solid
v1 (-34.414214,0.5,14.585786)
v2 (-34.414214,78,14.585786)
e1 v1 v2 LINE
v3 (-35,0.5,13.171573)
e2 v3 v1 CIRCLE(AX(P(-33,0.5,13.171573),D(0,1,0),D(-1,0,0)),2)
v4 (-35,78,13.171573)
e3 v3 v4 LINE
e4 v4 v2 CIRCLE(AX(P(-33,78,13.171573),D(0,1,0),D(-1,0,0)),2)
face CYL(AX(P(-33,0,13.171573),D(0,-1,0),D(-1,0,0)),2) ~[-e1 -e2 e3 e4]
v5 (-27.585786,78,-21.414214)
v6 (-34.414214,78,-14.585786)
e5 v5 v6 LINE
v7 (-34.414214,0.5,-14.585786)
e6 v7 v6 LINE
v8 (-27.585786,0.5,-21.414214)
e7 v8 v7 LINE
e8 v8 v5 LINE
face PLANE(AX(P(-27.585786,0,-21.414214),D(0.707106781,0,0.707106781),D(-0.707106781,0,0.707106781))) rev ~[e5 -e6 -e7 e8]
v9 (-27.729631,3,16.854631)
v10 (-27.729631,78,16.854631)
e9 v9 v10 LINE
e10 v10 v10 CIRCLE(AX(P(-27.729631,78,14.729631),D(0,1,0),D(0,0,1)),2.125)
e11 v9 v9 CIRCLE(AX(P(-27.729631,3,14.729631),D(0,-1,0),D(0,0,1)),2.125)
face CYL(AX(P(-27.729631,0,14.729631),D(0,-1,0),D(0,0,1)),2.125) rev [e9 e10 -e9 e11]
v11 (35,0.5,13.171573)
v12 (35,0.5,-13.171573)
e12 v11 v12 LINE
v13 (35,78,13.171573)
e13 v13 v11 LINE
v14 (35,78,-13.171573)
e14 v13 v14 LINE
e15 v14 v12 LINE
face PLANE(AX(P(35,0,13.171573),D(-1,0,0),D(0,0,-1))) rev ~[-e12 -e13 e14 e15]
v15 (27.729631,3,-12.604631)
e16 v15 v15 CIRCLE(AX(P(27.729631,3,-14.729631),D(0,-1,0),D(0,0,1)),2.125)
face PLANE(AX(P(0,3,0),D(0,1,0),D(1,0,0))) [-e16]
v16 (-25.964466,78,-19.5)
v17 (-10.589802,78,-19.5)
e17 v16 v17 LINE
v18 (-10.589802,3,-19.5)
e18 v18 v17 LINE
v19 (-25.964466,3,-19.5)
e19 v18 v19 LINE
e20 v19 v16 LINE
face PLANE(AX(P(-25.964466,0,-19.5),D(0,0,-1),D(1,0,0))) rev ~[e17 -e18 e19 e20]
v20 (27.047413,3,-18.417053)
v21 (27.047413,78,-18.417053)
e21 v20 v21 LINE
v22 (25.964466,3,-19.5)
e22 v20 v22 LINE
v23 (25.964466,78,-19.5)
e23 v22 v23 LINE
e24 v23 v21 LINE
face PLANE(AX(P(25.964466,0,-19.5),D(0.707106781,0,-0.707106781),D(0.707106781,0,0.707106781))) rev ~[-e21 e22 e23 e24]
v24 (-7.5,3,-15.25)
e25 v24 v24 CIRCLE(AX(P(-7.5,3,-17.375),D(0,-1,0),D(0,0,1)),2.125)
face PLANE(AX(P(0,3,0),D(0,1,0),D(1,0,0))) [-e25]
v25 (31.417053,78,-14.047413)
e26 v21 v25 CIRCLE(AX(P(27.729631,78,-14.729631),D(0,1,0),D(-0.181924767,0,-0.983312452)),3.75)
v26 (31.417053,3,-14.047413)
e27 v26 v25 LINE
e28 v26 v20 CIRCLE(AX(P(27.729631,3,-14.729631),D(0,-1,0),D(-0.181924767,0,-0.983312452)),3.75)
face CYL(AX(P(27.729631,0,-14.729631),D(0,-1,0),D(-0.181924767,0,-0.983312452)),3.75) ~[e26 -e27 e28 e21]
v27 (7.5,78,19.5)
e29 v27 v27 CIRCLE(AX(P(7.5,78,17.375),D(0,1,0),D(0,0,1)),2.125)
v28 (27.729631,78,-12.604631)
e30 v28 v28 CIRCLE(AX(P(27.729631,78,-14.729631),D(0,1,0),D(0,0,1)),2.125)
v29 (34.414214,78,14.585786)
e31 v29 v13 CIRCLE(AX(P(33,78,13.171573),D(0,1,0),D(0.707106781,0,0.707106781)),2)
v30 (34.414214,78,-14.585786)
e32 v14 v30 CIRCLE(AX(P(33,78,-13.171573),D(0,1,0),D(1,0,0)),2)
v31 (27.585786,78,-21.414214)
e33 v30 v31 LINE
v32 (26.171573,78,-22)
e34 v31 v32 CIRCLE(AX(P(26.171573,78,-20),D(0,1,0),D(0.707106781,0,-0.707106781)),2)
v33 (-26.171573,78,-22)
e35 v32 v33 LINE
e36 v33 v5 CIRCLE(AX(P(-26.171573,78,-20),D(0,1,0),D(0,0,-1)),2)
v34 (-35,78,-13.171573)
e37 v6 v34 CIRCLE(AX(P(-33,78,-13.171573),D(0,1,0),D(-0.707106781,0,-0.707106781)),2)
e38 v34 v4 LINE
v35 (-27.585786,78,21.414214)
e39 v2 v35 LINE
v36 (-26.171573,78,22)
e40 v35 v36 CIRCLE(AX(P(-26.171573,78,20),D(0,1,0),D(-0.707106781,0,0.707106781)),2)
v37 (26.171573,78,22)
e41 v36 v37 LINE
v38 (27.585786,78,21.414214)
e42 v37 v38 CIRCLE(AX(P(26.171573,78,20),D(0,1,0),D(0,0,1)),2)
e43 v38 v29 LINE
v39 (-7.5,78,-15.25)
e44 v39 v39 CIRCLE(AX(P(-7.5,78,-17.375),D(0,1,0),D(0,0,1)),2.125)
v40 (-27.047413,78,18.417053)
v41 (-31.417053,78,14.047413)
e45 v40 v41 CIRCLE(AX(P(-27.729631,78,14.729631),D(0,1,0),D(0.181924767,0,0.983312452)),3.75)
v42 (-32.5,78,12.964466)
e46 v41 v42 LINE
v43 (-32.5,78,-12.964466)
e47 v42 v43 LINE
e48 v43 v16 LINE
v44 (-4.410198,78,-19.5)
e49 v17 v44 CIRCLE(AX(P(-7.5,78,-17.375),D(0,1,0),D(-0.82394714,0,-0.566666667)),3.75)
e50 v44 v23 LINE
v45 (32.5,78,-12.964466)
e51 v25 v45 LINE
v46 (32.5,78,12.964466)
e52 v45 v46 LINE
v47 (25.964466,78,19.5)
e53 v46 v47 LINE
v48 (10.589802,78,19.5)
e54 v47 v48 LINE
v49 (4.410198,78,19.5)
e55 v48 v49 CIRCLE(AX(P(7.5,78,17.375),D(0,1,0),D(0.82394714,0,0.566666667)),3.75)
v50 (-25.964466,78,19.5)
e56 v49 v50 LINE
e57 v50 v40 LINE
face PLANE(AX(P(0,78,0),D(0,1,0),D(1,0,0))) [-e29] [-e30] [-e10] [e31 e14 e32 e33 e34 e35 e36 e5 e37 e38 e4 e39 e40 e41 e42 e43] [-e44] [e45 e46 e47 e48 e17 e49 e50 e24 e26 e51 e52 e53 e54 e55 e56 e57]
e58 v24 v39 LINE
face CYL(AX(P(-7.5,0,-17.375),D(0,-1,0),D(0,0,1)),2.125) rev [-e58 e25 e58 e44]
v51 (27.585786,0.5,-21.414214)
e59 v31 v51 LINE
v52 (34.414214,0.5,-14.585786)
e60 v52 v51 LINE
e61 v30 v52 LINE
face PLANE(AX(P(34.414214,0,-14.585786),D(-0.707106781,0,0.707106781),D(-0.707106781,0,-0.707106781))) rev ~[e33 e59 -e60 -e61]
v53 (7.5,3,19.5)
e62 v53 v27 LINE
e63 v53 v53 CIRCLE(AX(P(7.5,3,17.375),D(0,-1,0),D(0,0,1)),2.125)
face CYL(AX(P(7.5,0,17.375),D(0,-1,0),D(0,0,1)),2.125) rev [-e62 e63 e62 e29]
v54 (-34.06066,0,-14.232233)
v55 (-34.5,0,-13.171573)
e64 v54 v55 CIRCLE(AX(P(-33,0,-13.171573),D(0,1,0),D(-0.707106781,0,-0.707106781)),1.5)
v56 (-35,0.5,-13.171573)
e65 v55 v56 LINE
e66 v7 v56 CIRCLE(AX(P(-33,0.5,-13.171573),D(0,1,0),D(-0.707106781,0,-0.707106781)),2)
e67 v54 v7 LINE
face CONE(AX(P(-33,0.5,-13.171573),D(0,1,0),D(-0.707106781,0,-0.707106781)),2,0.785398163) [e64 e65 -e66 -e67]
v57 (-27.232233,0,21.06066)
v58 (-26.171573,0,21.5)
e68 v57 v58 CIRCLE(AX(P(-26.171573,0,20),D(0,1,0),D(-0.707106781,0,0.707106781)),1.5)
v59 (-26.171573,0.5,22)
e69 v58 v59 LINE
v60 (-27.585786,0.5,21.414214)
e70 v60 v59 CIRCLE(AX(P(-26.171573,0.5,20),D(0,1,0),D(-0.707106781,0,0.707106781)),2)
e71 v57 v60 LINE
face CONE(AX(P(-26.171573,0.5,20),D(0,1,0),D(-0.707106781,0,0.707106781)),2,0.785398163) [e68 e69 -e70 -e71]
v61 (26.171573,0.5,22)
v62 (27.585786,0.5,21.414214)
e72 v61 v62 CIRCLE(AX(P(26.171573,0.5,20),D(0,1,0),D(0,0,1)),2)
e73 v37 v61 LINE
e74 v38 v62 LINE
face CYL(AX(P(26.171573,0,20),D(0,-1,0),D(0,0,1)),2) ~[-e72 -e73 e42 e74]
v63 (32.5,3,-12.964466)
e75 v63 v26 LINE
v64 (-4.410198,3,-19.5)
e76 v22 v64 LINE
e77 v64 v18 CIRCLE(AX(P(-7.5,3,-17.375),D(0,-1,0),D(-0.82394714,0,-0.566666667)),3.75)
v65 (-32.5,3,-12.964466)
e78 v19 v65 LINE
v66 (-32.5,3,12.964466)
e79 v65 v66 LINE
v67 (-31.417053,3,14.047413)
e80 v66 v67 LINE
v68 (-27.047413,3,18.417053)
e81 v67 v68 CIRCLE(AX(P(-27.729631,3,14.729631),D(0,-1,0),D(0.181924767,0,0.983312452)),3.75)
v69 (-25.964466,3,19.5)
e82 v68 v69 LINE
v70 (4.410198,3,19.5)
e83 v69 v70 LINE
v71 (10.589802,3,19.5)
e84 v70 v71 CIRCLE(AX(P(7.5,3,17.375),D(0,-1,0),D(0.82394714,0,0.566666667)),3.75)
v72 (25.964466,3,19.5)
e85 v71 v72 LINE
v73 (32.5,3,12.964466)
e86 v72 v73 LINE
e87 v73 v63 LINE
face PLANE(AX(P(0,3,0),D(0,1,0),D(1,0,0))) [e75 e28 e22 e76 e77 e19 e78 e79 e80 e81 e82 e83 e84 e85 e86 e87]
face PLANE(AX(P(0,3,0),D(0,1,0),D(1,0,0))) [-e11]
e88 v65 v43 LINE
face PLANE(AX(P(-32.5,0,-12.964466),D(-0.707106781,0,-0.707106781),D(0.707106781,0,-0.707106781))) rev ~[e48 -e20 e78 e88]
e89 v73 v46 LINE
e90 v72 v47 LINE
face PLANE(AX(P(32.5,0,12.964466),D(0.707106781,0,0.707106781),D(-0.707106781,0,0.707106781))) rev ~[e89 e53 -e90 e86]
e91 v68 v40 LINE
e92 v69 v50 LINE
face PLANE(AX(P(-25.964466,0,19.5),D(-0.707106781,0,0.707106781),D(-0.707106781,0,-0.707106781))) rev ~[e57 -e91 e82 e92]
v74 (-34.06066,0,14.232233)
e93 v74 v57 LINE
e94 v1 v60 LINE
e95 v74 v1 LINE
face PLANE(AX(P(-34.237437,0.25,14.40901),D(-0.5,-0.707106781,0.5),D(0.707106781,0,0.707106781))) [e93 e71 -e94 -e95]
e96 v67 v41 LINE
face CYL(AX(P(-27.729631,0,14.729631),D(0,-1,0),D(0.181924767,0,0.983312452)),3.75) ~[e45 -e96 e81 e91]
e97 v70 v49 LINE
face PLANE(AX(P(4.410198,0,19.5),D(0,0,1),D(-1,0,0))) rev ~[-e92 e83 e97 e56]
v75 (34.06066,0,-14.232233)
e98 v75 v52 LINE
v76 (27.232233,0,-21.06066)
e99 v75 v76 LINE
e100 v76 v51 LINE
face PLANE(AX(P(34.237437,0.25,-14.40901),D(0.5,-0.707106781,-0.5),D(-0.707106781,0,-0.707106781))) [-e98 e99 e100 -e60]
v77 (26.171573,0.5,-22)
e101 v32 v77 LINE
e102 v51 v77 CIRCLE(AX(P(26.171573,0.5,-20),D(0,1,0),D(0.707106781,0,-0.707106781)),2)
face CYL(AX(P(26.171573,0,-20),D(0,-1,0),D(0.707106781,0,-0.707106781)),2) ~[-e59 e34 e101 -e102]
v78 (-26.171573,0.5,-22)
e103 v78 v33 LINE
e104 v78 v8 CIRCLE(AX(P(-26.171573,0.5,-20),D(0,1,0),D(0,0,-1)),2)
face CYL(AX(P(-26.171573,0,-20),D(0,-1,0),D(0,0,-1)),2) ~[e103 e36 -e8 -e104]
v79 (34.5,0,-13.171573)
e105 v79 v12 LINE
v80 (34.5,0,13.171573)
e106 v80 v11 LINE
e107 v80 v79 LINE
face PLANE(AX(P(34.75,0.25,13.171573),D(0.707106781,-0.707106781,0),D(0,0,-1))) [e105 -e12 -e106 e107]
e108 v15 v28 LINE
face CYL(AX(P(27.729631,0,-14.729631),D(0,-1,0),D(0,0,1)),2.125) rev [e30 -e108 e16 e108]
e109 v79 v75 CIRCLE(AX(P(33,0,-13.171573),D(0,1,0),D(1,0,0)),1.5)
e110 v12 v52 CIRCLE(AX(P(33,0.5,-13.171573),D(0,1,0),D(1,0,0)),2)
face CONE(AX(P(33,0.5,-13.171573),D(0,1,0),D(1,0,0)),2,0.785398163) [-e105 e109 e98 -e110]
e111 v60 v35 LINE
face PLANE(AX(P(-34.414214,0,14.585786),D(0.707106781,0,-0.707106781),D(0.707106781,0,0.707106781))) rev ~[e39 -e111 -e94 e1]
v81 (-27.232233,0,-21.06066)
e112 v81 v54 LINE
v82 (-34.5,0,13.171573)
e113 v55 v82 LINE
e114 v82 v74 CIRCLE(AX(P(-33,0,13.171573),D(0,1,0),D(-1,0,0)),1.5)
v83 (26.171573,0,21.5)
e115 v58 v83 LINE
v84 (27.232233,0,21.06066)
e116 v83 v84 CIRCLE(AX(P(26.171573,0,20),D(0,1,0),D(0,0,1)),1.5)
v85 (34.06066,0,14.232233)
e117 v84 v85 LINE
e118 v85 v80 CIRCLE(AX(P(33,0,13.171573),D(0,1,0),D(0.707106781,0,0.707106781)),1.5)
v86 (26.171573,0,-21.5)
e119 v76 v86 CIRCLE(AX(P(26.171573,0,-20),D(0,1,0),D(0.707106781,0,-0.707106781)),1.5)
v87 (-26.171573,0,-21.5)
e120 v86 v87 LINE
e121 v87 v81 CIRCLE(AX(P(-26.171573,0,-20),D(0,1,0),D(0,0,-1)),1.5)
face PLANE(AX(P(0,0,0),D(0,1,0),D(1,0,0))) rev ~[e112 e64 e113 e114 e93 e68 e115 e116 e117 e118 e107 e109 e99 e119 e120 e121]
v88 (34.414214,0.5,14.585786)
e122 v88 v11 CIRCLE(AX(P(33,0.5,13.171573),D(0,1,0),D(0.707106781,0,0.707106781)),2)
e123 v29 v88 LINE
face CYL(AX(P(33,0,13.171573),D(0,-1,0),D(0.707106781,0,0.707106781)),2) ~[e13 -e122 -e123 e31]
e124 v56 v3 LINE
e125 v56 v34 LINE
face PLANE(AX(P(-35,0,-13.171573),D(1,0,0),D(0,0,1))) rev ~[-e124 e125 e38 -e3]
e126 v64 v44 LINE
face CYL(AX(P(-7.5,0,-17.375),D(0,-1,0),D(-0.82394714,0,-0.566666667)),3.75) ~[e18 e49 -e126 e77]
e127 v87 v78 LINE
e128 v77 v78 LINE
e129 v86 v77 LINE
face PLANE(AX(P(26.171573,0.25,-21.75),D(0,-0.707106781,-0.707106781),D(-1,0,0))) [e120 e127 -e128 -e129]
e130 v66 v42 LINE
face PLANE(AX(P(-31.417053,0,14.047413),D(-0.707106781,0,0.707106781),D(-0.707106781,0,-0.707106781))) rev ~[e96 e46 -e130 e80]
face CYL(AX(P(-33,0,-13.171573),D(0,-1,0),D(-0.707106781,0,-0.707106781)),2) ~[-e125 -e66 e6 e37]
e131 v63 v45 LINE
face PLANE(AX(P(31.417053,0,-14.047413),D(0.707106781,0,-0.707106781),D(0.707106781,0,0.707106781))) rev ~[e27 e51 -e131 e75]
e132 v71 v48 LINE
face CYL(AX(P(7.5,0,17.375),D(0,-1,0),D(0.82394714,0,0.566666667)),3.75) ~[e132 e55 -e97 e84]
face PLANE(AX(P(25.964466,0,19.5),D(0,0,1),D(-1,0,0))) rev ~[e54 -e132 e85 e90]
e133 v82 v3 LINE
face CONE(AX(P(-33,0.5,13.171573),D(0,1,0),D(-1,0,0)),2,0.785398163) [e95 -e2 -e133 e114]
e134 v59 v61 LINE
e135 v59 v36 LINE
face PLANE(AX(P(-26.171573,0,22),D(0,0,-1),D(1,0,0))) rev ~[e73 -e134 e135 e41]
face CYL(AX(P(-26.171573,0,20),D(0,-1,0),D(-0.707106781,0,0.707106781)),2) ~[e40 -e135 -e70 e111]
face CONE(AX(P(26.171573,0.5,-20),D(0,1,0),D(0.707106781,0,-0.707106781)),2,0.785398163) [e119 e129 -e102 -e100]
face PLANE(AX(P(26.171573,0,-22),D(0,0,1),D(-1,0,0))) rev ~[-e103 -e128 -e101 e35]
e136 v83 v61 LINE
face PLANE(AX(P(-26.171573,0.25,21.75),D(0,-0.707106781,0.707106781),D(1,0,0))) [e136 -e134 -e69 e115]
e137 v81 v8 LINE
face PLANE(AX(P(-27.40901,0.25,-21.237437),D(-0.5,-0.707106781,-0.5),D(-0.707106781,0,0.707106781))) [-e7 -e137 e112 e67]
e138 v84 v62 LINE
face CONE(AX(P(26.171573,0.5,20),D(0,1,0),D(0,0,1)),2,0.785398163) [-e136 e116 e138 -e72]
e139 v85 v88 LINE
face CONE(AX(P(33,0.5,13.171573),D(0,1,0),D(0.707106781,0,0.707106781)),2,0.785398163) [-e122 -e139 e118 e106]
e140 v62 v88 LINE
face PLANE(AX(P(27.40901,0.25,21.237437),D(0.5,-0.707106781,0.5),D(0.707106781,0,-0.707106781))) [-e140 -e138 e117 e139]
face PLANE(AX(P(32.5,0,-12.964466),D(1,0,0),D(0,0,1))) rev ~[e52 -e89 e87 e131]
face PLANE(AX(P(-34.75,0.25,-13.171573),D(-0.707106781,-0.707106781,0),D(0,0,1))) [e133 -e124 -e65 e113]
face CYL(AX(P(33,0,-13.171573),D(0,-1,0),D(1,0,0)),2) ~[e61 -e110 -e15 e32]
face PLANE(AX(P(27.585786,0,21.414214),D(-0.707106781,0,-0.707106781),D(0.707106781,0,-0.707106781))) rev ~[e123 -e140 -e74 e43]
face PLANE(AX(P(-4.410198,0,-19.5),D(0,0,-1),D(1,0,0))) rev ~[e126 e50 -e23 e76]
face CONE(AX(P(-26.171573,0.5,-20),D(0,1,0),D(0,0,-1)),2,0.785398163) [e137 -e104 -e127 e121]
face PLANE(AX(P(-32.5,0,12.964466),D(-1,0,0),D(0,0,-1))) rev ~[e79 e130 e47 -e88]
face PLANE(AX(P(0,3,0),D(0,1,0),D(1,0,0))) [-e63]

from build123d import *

# Parameters (mm, degrees)
BOSS_EXTRUDE1_DEPTH = 3
SKETCH1_4_R         = 2.125
BOSS_EXTRUDE2_DEPTH = 78
CHAMFER1_SIZE       = 0.5


with BuildPart() as part:
    # Sketch1 → Boss-Extrude1 (new body)
    with BuildSketch(Plane(origin=(0, 0, 0), x_dir=(1, 0, 0), z_dir=(0, 1, 0))):
        with BuildLine():
            Line((26.171572875, 22), (-26.171572875, 22))
            ThreePointArc((-26.171572875, 22), (-26.93693974, 21.847759065), (-27.585786438, 21.414213562))
            Line((-27.585786438, 21.414213562), (-34.414213562, 14.585786438))
            ThreePointArc((-34.414213562, 14.585786438), (-34.847759065, 13.93693974), (-35, 13.171572875))
            Line((-35, 13.171572875), (-35, -13.171572875))
            ThreePointArc((-35, -13.171572875), (-34.847759065, -13.93693974), (-34.414213562, -14.585786438))
            Line((-34.414213562, -14.585786438), (-27.585786438, -21.414213562))
            ThreePointArc((-27.585786438, -21.414213562), (-26.93693974, -21.847759065), (-26.171572875, -22))
            Line((-26.171572875, -22), (26.171572875, -22))
            ThreePointArc((26.171572875, -22), (26.93693974, -21.847759065), (27.585786438, -21.414213562))
            Line((27.585786438, -21.414213562), (34.414213562, -14.585786438))
            ThreePointArc((34.414213562, -14.585786438), (34.847759065, -13.93693974), (35, -13.171572875))
            Line((35, -13.171572875), (35, 13.171572875))
            ThreePointArc((35, 13.171572875), (34.847759065, 13.93693974), (34.414213562, 14.585786438))
            Line((34.414213562, 14.585786438), (27.585786438, 21.414213562))
            ThreePointArc((27.585786438, 21.414213562), (26.93693974, 21.847759065), (26.171572875, 22))
        make_face()
    extrude(amount=BOSS_EXTRUDE1_DEPTH)

    # Sketch1<4> → Boss-Extrude2 (add)
    with BuildSketch(Plane(origin=(0, 0, 0), x_dir=(1, 0, 0), z_dir=(0, 1, 0))):
        with BuildLine():
            ThreePointArc((27.585786438, 21.414213562), (26.93693974, 21.847759065), (26.171572875, 22))
            Line((26.171572875, 22), (-26.171572875, 22))
            ThreePointArc((-26.171572875, 22), (-26.93693974, 21.847759065), (-27.585786438, 21.414213562))
            Line((-27.585786438, 21.414213562), (-34.414213562, 14.585786438))
            ThreePointArc((-34.414213562, 14.585786438), (-34.847759065, 13.93693974), (-35, 13.171572875))
            Line((-35, 13.171572875), (-35, -13.171572875))
            ThreePointArc((-35, -13.171572875), (-34.847759065, -13.93693974), (-34.414213562, -14.585786438))
            Line((-34.414213562, -14.585786438), (-27.585786438, -21.414213562))
            ThreePointArc((-27.585786438, -21.414213562), (-26.93693974, -21.847759065), (-26.171572875, -22))
            Line((-26.171572875, -22), (26.171572875, -22))
            ThreePointArc((26.171572875, -22), (26.93693974, -21.847759065), (27.585786438, -21.414213562))
            Line((27.585786438, -21.414213562), (34.414213562, -14.585786438))
            ThreePointArc((34.414213562, -14.585786438), (34.847759065, -13.93693974), (35, -13.171572875))
            Line((35, -13.171572875), (35, 13.171572875))
            ThreePointArc((35, 13.171572875), (34.847759065, 13.93693974), (34.414213562, 14.585786438))
            Line((34.414213562, 14.585786438), (27.585786438, 21.414213562))
        make_face()
        with BuildLine():
            Line((-32.5, -12.964466094), (-32.5, 12.964466094))
            Line((-32.5, 12.964466094), (-25.964466094, 19.5))
            Line((-25.964466094, 19.5), (-10.589801774, 19.5))
            ThreePointArc((-10.589801774, 19.5), (-7.5, 13.625), (-4.410198226, 19.5))
            Line((-4.410198226, 19.5), (25.964466094, 19.5))
            Line((25.964466094, 19.5), (27.04741326, 18.417052834))
            ThreePointArc((27.04741326, 18.417052834), (25.077980708, 12.077980708), (31.417052834, 14.04741326))
            Line((31.417052834, 14.04741326), (32.5, 12.964466094))
            Line((32.5, 12.964466094), (32.5, -12.964466094))
            Line((32.5, -12.964466094), (25.964466094, -19.5))
            Line((25.964466094, -19.5), (10.589801774, -19.5))
            ThreePointArc((10.589801774, -19.5), (7.5, -13.625), (4.410198226, -19.5))
            Line((4.410198226, -19.5), (-25.964466094, -19.5))
            Line((-25.964466094, -19.5), (-27.04741326, -18.417052834))
            ThreePointArc((-27.04741326, -18.417052834), (-25.077980708, -12.077980708), (-31.417052834, -14.04741326))
            Line((-31.417052834, -14.04741326), (-32.5, -12.964466094))
        make_face(mode=Mode.SUBTRACT)
        with Locations(Location((-27.729631137, -14.729631137, 0), (0, 0, 270))):
            Circle(SKETCH1_4_R, mode=Mode.SUBTRACT)
        with Locations(Location((-7.5, 17.375, 0), (0, 0, 270))):
            Circle(SKETCH1_4_R, mode=Mode.SUBTRACT)
        with Locations(Location((7.5, -17.375, 0), (0, 0, 270))):
            Circle(SKETCH1_4_R, mode=Mode.SUBTRACT)
        with Locations(Location((27.729631137, 14.729631137, 0), (0, 0, 270))):
            Circle(SKETCH1_4_R, mode=Mode.SUBTRACT)
    extrude(amount=BOSS_EXTRUDE2_DEPTH)

    # Chamfer1
    chamfer1_edges = [part.edges().sort_by_distance(p)[0] for p in [
        (-31, 0, 18),
        (-34.847759065, 0, 13.93693974),
        (-35, 0, 0),
        (-34.847759065, 0, -13.93693974),
        (-31, 0, -18),
        (-26.93693974, 0, -21.847759065),
        (0, 0, -22),
        (26.93693974, 0, -21.847759065),
        (31, 0, -18),
        (34.847759065, 0, -13.93693974),
        (35, 0, 0),
        (34.847759065, 0, 13.93693974),
        (31, 0, 18),
        (26.93693974, 0, 21.847759065),
        (0, 0, 22),
        (-26.93693974, 0, 21.847759065),
    ]]
    chamfer(chamfer1_edges, length=CHAMFER1_SIZE)


solid = part.part
